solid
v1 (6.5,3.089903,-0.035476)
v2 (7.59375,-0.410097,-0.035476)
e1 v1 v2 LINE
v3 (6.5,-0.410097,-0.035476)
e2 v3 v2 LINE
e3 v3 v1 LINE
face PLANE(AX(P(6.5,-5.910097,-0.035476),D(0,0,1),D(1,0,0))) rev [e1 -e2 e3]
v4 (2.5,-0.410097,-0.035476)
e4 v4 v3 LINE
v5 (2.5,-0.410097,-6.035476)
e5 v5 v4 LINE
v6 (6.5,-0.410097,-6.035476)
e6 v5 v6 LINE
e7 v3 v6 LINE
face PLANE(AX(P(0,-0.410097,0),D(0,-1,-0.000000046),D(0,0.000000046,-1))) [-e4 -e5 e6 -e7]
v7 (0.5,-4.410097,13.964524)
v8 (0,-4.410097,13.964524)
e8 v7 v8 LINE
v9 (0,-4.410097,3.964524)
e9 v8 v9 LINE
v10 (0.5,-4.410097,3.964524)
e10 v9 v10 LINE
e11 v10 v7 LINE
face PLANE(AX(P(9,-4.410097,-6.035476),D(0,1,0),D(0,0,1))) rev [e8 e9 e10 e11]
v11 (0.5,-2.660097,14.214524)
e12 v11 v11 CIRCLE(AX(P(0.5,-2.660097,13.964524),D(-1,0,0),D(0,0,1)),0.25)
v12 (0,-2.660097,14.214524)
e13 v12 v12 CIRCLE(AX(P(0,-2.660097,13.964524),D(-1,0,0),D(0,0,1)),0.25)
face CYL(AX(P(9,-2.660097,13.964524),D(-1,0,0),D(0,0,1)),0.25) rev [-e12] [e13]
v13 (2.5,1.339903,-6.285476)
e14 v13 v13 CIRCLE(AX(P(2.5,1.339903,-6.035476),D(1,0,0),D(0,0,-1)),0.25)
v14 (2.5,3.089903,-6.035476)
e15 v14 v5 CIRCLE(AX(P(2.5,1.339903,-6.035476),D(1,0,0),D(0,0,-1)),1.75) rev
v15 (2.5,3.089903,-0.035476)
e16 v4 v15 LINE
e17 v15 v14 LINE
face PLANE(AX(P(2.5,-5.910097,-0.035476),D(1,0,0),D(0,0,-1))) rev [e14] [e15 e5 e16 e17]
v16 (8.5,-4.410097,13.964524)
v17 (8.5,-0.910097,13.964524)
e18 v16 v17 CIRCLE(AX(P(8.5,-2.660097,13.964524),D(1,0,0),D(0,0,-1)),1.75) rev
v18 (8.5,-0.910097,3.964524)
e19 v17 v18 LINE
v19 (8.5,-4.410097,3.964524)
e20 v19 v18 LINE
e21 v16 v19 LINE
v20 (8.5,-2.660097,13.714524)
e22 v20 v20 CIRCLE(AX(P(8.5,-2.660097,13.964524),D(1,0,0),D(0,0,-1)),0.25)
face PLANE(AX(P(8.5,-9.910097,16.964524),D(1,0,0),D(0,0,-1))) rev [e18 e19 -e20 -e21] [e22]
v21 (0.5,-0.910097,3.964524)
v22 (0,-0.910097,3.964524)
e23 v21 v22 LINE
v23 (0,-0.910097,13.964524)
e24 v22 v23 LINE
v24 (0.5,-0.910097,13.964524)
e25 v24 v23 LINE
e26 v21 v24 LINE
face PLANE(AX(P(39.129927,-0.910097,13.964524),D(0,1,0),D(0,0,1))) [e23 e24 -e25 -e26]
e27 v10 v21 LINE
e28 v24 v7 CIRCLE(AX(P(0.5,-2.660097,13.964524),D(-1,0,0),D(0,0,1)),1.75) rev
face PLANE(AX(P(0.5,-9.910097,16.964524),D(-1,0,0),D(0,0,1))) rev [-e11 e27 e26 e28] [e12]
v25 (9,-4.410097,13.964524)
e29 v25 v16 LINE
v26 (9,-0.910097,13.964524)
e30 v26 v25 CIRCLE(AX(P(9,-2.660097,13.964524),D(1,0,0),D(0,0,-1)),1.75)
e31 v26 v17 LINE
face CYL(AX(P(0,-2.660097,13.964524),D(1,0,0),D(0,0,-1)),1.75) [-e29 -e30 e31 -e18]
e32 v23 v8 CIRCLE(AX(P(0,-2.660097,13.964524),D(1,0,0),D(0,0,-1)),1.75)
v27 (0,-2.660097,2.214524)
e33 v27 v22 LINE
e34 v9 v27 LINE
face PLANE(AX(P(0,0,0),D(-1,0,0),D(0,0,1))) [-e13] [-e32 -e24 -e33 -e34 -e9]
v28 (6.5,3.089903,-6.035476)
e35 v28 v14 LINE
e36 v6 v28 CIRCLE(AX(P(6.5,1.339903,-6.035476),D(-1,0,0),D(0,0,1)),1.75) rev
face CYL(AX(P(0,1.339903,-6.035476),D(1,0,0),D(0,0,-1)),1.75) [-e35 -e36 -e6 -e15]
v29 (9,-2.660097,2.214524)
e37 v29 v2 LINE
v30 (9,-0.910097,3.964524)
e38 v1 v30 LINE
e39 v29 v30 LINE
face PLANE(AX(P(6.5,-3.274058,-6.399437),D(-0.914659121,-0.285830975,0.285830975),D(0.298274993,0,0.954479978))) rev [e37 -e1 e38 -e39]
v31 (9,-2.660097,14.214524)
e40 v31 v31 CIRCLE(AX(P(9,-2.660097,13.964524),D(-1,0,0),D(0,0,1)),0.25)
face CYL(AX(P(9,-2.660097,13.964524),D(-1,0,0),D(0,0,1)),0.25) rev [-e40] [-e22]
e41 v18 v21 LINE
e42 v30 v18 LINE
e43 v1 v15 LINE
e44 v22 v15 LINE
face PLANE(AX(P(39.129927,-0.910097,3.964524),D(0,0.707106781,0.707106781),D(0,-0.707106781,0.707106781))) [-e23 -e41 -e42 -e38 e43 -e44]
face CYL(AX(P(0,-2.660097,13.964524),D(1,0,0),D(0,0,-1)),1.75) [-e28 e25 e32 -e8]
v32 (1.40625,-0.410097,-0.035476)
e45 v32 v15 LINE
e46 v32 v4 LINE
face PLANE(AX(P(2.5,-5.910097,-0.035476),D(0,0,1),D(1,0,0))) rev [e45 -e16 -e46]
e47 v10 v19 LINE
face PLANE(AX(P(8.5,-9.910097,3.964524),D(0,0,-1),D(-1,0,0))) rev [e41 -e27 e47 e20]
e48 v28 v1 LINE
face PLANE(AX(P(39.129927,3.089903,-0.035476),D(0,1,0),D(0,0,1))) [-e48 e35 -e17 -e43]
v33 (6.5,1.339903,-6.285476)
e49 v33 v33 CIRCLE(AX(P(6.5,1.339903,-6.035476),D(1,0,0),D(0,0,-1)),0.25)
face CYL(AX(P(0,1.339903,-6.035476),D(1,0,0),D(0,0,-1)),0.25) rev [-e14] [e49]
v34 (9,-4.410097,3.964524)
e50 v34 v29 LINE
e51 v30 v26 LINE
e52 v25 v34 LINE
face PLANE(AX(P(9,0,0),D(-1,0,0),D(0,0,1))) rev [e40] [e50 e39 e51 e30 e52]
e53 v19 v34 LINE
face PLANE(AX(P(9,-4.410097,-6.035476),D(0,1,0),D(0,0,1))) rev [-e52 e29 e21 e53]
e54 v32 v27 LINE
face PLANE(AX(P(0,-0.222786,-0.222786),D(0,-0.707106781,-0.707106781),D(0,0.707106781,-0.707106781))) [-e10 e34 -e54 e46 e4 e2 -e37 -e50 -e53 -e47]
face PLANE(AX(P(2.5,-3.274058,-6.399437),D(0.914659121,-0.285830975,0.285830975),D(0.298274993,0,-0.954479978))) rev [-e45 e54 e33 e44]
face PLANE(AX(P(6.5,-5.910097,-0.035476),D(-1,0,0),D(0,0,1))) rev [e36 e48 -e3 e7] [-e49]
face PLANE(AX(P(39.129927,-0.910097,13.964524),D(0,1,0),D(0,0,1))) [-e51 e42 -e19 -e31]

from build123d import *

# Parameters (mm, degrees)
SKETCH_1_W               = 20
SKETCH_1_H               = 10
EXTRUDE_1_DEPTH          = 9
CUT_EXTRUDE_3_DEPTH      = 9
CUT_EXTRUDE_4_DEPTH      = 18.52868966
CUT_EXTRUDE_4_DEPTH_BACK = 9
EXTRUDE_2_DEPTH          = 9
EXTRUDE_3_DEPTH          = 9
SKETCH_10_W              = 8
SKETCH_10_H              = 13
CUT_EXTRUDE_5_DEPTH      = 9
SKETCH_12_W              = 2.5
SKETCH_12_H              = 12
CUT_EXTRUDE_6_DEPTH      = 9
SKETCH_13_W              = 2.5
SKETCH_13_H              = 7.75
CUT_EXTRUDE_7_DEPTH      = 9
CUT_EXTRUDE_8_DEPTH      = 9
CUT_EXTRUDE_9_DEPTH      = 9
SKETCH_18_R              = 0.25
CUT_EXTRUDE_12_DEPTH     = 18.568302001
SKETCH_26_R              = 0.25
CUT_EXTRUDE_16_DEPTH     = 19.638541659


with BuildPart() as part:
    # 草图1 → 凸台-拉伸1 (new body)
    with BuildSketch(Plane(origin=(0, 0, 0), x_dir=(0, 0, -1), z_dir=(1, 0, 0))):
        with Locations((-3.964524465, 0.58990319)):
            Rectangle(SKETCH_1_W, SKETCH_1_H)
    extrude(amount=EXTRUDE_1_DEPTH)

    # 草图2 → 切除-拉伸3 (cut)
    with BuildSketch(Plane(origin=(9, 0, 0), x_dir=(0, 0, -1), z_dir=(1, 0, 0))):
        Polygon((0.035475535, -0.41009681), (-3.964524465, -4.41009681), (6.035475535, -4.41009681), (6.035475535, -0.410096535), align=None)
    extrude(amount=-CUT_EXTRUDE_3_DEPTH, mode=Mode.SUBTRACT)

    # 草图6 → 切除-拉伸4 (cut, two sides: drawn at the far end of the back side and taken through both)
    with BuildSketch(Plane(origin=(9, 0, 0), x_dir=(0, 0, -1), z_dir=(1, 0, 0)).offset(-CUT_EXTRUDE_4_DEPTH_BACK)):
        Polygon((-66.684543288, -0.910096672), (-13.964524465, -0.910096672), (-3.964524465, -0.910096672), (0.035475535, 3.089903328), (6.035475535, 3.089903328), (58.755494358, 3.089903328), (55.394957379, 108.476374614), (-70.045080267, 104.476374614), align=None)
    extrude(amount=CUT_EXTRUDE_4_DEPTH + CUT_EXTRUDE_4_DEPTH_BACK, mode=Mode.SUBTRACT)

    # 草图8 → 凸台-拉伸2 (add)
    with BuildSketch(Plane(origin=(9, 0, 0), x_dir=(0, 0, -1), z_dir=(1, 0, 0))):
        with BuildLine():
            Line((-13.964524465, -4.41009681), (-13.964524465, -0.910096672))
            ThreePointArc((-13.964524465, -0.910096672), (-15.714524534, -2.660096741), (-13.964524465, -4.41009681))
        make_face()
    extrude(amount=-EXTRUDE_2_DEPTH)

    # 草图9 → 凸台-拉伸3 (add)
    with BuildSketch(Plane(origin=(9, 0, 0), x_dir=(0, 0, -1), z_dir=(1, 0, 0))):
        with BuildLine():
            Line((6.035475535, -0.410096672), (6.035475535, 3.089903328))
            ThreePointArc((6.035475535, 3.089903328), (7.785475535, 1.339903328), (6.035475535, -0.410096672))
        make_face()
    extrude(amount=-EXTRUDE_3_DEPTH)

    # 草图10 → 切除-拉伸5 (cut)
    with BuildSketch(Plane(origin=(0, -0.910096672, 0), x_dir=(1, 0, 0), z_dir=(0, 1, 0))):
        with Locations((4.5, -10.464524465)):
            Rectangle(SKETCH_10_W, SKETCH_10_H)
    extrude(amount=-CUT_EXTRUDE_5_DEPTH, mode=Mode.SUBTRACT)

    # 草图12 → 切除-拉伸6 (cut)
    with BuildSketch(Plane(origin=(0, 3.089903328, 0), x_dir=(1, 0, 0), z_dir=(0, 1, 0))):
        with Locations((7.75, 6.035475535)):
            Rectangle(SKETCH_12_W, SKETCH_12_H)
    extrude(amount=-CUT_EXTRUDE_6_DEPTH, mode=Mode.SUBTRACT)

    # 草图13 → 切除-拉伸7 (cut)
    with BuildSketch(Plane(origin=(0, 3.089903328, 0), x_dir=(1, 0, 0), z_dir=(0, 1, 0))):
        with Locations((1.25, 3.910475535)):
            Rectangle(SKETCH_13_W, SKETCH_13_H)
    extrude(amount=-CUT_EXTRUDE_7_DEPTH, mode=Mode.SUBTRACT)

    # 草图14 → 切除-拉伸8 (cut)
    with BuildSketch(Plane(origin=(0, 1.527213896, 1.527213896), x_dir=(1, 0, 0), z_dir=(0, 0.7071067811865477, 0.7071067811865475))):
        Polygon((2.5, 2.209976588), (0, -3.446877662), (-6.872938914, -0.617067375), (-4.372938914, 5.039786874), align=None)
    extrude(amount=-CUT_EXTRUDE_8_DEPTH, mode=Mode.SUBTRACT)

    # 草图15 → 切除-拉伸9 (cut)
    with BuildSketch(Plane(origin=(0, 1.527213896, 1.527213896), x_dir=(1, 0, 0), z_dir=(0, 0.7071067811865477, 0.7071067811865475))):
        Polygon((6.5, 2.209976588), (9, -3.446877662), (12.673354488, 0), (10.173354488, 5.656854249), align=None)
    extrude(amount=-CUT_EXTRUDE_9_DEPTH, mode=Mode.SUBTRACT)

    # 草图18 → 切除-拉伸12 (cut, through all)
    with BuildSketch(Plane(origin=(6.5, 0, 0), x_dir=(0, 0, -1), z_dir=(1, 0, 0))):
        with Locations((6.035475535, 1.339903328)):
            Circle(SKETCH_18_R)
    extrude(amount=-CUT_EXTRUDE_12_DEPTH, mode=Mode.SUBTRACT)

    # 草图26 → 切除-拉伸16 (cut, through all)
    with BuildSketch(Plane.ZY):
        with Locations((13.964524465, -2.660096741)):
            Circle(SKETCH_26_R)
    extrude(amount=-CUT_EXTRUDE_16_DEPTH, mode=Mode.SUBTRACT)


solid = part.part
